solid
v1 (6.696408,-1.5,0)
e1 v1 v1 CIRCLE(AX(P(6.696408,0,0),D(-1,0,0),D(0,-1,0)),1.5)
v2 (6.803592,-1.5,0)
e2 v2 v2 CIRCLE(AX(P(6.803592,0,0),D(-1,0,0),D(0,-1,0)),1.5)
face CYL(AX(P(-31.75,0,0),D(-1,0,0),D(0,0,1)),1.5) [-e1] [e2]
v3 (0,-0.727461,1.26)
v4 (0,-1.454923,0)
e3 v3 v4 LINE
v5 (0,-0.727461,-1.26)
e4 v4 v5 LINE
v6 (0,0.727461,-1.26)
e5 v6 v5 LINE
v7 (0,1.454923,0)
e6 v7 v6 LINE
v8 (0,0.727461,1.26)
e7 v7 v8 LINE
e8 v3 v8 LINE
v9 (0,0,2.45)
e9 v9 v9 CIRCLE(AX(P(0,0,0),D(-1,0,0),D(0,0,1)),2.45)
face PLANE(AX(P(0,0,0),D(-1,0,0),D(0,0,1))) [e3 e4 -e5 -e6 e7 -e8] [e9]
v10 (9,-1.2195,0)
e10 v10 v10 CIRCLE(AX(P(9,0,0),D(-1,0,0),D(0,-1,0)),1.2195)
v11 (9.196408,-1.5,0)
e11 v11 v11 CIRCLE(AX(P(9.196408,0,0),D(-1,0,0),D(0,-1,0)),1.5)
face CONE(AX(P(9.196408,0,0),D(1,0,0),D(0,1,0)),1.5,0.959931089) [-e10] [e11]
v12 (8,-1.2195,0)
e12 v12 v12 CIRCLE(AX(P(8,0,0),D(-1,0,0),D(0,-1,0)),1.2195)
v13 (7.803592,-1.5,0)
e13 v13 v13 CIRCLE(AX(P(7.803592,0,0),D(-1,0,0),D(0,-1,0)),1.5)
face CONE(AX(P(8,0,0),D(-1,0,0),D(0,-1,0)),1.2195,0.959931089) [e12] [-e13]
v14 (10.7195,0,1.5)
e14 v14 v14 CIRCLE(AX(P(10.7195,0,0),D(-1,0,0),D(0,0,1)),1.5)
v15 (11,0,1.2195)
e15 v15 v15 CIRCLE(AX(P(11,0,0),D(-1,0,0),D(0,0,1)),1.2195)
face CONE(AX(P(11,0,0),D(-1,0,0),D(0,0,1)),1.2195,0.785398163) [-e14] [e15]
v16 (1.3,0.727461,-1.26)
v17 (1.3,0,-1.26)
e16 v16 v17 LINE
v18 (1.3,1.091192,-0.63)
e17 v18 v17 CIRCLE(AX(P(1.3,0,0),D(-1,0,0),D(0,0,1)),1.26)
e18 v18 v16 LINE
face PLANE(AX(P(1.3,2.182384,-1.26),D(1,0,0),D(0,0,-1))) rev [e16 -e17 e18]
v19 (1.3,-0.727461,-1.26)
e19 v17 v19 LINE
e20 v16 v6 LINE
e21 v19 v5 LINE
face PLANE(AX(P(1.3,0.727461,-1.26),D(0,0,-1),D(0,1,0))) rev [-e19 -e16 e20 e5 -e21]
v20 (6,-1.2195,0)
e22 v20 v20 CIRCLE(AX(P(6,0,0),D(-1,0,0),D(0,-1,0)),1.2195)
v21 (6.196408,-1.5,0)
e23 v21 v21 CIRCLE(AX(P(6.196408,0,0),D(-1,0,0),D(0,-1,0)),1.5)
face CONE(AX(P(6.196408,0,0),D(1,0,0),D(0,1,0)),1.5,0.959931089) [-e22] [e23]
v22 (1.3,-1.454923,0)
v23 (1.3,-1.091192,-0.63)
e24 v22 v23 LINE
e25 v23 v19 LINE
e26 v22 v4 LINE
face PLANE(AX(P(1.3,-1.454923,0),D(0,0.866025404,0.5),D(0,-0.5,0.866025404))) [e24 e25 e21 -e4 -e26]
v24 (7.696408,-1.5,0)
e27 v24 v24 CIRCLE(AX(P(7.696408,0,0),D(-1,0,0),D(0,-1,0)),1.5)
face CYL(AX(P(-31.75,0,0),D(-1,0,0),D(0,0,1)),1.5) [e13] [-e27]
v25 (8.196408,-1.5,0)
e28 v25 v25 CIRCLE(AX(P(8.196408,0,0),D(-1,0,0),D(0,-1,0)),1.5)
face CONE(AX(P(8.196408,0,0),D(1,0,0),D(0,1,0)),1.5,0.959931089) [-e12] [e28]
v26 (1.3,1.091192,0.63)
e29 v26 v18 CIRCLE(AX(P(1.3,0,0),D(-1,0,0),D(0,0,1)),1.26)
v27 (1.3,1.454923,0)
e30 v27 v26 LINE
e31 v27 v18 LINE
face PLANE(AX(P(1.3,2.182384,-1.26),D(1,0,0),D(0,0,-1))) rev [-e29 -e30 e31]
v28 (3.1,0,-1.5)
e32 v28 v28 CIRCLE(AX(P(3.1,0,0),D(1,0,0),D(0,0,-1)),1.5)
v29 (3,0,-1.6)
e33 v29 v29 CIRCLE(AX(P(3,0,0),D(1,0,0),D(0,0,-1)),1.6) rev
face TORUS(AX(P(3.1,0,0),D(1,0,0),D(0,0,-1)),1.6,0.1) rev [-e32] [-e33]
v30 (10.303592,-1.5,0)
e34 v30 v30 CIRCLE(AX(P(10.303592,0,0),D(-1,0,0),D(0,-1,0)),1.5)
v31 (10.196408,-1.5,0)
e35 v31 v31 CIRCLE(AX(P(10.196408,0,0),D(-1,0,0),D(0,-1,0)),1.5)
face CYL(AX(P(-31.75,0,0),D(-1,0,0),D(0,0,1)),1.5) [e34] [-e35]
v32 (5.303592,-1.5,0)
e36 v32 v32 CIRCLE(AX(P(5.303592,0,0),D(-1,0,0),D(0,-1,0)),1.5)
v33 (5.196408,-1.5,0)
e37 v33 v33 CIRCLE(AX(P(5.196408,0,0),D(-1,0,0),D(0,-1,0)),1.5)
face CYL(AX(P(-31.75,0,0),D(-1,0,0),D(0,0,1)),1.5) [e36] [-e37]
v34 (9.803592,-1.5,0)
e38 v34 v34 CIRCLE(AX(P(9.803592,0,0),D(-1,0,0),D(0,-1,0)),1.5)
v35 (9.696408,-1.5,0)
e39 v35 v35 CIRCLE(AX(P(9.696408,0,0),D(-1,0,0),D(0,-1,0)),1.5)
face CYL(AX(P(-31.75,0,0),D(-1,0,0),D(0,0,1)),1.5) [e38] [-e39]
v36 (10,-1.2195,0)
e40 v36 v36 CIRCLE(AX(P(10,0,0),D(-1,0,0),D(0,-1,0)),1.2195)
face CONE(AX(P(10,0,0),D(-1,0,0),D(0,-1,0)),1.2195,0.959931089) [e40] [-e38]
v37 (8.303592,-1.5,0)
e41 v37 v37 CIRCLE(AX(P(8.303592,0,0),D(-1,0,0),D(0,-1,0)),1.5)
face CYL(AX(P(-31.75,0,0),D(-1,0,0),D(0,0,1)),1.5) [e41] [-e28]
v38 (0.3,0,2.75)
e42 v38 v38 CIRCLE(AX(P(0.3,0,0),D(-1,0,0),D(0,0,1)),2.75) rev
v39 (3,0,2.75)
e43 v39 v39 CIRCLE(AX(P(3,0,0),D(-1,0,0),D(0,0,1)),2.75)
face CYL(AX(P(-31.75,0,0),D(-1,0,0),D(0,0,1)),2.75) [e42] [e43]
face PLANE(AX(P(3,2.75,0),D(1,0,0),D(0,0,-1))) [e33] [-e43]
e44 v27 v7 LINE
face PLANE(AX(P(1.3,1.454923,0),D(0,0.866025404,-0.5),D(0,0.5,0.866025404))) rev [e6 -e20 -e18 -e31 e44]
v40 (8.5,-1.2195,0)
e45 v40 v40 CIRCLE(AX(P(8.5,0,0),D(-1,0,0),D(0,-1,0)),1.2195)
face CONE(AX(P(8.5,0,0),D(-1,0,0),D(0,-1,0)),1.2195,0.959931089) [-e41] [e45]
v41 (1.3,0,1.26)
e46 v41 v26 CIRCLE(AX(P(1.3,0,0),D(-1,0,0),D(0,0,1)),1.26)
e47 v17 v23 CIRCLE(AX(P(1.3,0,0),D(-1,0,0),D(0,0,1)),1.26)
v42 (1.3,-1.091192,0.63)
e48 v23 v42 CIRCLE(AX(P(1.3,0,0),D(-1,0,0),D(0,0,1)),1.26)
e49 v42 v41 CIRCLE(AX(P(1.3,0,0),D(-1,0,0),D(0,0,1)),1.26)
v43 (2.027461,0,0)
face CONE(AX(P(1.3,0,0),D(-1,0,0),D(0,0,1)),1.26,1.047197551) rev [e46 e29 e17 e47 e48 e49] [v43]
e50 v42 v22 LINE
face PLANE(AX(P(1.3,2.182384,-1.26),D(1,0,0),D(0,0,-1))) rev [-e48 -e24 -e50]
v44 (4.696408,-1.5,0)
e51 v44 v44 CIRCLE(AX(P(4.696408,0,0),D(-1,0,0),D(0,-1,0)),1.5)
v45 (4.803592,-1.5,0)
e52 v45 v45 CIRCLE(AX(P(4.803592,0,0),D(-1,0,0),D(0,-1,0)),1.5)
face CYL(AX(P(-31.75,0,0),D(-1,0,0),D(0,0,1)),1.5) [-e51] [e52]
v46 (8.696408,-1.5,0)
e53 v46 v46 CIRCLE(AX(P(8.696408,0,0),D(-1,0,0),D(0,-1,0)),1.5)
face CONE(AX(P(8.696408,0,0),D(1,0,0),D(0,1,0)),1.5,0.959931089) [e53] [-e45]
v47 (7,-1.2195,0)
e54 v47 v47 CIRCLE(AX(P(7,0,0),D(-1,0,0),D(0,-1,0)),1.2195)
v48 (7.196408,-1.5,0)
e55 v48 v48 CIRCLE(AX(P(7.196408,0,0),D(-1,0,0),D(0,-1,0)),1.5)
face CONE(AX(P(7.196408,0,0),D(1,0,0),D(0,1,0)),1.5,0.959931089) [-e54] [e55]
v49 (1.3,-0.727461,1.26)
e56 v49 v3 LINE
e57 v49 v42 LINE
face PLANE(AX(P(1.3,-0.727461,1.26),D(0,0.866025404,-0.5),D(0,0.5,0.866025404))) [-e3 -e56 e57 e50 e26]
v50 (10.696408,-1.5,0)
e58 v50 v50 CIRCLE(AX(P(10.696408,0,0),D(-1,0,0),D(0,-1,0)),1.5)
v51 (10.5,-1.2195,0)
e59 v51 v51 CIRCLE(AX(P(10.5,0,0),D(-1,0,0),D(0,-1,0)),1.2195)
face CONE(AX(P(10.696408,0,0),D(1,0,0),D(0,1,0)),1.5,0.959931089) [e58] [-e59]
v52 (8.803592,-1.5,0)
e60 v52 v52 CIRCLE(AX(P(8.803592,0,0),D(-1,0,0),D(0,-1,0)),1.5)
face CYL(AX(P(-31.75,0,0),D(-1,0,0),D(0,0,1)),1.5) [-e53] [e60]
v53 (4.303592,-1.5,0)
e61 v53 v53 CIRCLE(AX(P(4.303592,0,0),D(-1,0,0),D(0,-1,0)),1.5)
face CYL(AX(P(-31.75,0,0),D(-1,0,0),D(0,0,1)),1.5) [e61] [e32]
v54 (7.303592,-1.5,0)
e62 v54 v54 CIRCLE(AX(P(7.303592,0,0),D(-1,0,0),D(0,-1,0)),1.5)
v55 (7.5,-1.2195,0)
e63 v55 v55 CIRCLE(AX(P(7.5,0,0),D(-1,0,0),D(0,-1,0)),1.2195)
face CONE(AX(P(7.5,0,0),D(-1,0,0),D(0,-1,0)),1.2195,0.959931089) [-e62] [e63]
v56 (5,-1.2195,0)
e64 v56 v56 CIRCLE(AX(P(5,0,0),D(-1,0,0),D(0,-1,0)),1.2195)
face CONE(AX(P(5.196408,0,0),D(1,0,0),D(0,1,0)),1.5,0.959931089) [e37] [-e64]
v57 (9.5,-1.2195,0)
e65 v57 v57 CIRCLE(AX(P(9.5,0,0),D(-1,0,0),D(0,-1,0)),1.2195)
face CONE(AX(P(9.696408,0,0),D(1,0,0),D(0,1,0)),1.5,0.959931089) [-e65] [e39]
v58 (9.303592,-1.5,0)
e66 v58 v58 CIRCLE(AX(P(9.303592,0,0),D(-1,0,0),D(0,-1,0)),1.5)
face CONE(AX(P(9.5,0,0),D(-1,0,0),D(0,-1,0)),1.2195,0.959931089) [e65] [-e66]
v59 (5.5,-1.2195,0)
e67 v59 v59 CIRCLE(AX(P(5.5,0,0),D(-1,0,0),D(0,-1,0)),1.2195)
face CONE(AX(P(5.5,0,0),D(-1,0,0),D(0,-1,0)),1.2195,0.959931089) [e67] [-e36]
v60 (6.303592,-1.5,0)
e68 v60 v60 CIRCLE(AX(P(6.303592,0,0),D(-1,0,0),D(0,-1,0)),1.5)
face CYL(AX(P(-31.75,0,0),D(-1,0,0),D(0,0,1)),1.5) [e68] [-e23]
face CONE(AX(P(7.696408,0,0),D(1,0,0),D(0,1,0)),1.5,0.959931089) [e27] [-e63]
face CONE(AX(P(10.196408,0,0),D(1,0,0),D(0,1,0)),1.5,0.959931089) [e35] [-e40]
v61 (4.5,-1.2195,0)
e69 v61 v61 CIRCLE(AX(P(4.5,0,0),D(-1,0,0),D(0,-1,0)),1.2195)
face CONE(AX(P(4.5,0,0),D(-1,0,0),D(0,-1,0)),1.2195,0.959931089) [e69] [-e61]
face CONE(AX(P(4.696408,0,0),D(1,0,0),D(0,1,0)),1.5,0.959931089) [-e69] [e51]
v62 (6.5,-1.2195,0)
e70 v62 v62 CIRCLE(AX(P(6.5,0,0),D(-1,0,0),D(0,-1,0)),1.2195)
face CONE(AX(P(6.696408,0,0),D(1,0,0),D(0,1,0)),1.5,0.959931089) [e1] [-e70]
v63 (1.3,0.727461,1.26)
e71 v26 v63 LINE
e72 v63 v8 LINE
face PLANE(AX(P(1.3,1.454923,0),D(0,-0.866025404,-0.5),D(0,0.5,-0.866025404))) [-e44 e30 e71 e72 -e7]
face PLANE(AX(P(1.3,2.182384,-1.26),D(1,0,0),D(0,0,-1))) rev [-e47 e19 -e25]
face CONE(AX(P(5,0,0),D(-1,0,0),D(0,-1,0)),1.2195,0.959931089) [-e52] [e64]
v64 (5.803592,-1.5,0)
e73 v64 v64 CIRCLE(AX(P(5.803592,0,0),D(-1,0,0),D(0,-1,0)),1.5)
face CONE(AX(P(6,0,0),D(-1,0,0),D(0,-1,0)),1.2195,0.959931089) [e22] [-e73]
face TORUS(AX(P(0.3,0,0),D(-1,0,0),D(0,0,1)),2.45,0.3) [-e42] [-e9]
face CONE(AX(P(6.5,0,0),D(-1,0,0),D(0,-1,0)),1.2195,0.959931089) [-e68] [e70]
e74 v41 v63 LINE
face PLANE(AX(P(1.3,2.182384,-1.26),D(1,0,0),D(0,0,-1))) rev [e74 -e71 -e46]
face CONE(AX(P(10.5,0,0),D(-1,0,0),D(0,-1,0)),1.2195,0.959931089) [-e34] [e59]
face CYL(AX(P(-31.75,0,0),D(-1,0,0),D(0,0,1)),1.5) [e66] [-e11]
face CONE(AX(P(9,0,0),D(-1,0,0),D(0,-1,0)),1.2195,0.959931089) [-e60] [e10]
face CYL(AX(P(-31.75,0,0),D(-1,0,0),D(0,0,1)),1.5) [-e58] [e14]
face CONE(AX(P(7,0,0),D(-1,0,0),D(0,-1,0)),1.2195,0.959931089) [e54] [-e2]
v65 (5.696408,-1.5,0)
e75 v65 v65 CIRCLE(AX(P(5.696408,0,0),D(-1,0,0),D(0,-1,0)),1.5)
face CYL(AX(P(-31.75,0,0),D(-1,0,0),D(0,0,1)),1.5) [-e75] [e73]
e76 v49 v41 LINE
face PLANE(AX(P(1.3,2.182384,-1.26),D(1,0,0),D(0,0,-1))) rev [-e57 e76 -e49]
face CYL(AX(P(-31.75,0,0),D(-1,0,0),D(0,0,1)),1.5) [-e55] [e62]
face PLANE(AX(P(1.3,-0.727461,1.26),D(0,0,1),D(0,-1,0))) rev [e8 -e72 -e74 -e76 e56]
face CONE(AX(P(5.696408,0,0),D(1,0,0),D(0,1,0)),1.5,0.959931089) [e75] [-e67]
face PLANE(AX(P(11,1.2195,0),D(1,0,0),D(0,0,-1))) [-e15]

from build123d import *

# Parameters (mm, degrees)
FILLET1_R       = 0.1
FILLET2_R       = 0.3
HEX_2_DEPTH     = 1.3
THDSCHPAT_COUNT = 13
THDSCHPAT_PITCH = 0.5


with BuildPart() as part:
    # BodySke → Base-Revolve (revolve)
    with BuildSketch(Plane.XY, mode=Mode.PRIVATE) as base_revolve_sk:
        Polygon((0, 0), (0, 2.75), (3, 2.75), (3, 1.5), (10.7195, 1.5), (11, 1.2195), (11, 0), align=None)
    revolve(base_revolve_sk.sketch.rotate(Axis((-31.75, 0, 0), (1, 0, 0)), 90), axis=Axis((-31.75, 0, 0), (1, 0, 0)))  # turned: the seam where the file's is

    # Fillet1
    fillet1_edges = [part.edges().sort_by_distance(p)[0] for p in [
        (3, 0, -1.5),
    ]]
    fillet(fillet1_edges, radius=FILLET1_R)

    # Fillet2
    fillet2_edges = [part.edges().sort_by_distance(p)[0] for p in [
        (0, 0, -2.75),
    ]]
    fillet(fillet2_edges, radius=FILLET2_R)

    # Sketch2 → Hex-PreBroach (revolve, cut)
    with BuildSketch(Plane.XY, mode=Mode.PRIVATE) as hex_prebroach_sk:
        Polygon((0, 1.26), (1.3, 1.26), (2.027461339, 0), (0, 0), align=None)
    revolve(hex_prebroach_sk.sketch.rotate(Axis((0, 0, 0), (1, 0, 0)), 90), axis=Axis((0, 0, 0), (1, 0, 0)), mode=Mode.SUBTRACT)  # turned: the seam where the file's is

    # Sketch3 → Hex 2 (cut)
    with BuildSketch(Plane(origin=(0, 0, 0), x_dir=(0, 0.5, 0.866025404), z_dir=(-1, 0, 0))):
        Polygon((0.727461339, 1.26), (-0.727461339, 1.26), (-1.454922678, 0), (-0.727461339, -1.26), (0.727461339, -1.26), (1.454922678, 0), align=None)
    extrude(amount=-HEX_2_DEPTH, mode=Mode.SUBTRACT)

    # ThdSchSke → ThreadSchematic (revolve, cut)
    with BuildSketch(Plane.XY, mode=Mode.PRIVATE) as threadschematic_sk:
        Polygon((4.5, -1.2195), (4.303591786, -1.5), (4.303591786, -1.875), (4.696408214, -1.875), (4.696408214, -1.5), align=None)
    threadschematic = revolve(threadschematic_sk.sketch.rotate(Axis((-3.175, 0, 0), (1, 0, 0)), 270), axis=Axis((-3.175, 0, 0), (1, 0, 0)), mode=Mode.SUBTRACT)  # turned: the seam where the file's is

    # ThdSchPat: ThreadSchematic ×13
    with Locations(*[(i * THDSCHPAT_PITCH, 0, 0) for i in range(1, THDSCHPAT_COUNT)]):
        add(threadschematic, mode=Mode.SUBTRACT)


solid = part.part
